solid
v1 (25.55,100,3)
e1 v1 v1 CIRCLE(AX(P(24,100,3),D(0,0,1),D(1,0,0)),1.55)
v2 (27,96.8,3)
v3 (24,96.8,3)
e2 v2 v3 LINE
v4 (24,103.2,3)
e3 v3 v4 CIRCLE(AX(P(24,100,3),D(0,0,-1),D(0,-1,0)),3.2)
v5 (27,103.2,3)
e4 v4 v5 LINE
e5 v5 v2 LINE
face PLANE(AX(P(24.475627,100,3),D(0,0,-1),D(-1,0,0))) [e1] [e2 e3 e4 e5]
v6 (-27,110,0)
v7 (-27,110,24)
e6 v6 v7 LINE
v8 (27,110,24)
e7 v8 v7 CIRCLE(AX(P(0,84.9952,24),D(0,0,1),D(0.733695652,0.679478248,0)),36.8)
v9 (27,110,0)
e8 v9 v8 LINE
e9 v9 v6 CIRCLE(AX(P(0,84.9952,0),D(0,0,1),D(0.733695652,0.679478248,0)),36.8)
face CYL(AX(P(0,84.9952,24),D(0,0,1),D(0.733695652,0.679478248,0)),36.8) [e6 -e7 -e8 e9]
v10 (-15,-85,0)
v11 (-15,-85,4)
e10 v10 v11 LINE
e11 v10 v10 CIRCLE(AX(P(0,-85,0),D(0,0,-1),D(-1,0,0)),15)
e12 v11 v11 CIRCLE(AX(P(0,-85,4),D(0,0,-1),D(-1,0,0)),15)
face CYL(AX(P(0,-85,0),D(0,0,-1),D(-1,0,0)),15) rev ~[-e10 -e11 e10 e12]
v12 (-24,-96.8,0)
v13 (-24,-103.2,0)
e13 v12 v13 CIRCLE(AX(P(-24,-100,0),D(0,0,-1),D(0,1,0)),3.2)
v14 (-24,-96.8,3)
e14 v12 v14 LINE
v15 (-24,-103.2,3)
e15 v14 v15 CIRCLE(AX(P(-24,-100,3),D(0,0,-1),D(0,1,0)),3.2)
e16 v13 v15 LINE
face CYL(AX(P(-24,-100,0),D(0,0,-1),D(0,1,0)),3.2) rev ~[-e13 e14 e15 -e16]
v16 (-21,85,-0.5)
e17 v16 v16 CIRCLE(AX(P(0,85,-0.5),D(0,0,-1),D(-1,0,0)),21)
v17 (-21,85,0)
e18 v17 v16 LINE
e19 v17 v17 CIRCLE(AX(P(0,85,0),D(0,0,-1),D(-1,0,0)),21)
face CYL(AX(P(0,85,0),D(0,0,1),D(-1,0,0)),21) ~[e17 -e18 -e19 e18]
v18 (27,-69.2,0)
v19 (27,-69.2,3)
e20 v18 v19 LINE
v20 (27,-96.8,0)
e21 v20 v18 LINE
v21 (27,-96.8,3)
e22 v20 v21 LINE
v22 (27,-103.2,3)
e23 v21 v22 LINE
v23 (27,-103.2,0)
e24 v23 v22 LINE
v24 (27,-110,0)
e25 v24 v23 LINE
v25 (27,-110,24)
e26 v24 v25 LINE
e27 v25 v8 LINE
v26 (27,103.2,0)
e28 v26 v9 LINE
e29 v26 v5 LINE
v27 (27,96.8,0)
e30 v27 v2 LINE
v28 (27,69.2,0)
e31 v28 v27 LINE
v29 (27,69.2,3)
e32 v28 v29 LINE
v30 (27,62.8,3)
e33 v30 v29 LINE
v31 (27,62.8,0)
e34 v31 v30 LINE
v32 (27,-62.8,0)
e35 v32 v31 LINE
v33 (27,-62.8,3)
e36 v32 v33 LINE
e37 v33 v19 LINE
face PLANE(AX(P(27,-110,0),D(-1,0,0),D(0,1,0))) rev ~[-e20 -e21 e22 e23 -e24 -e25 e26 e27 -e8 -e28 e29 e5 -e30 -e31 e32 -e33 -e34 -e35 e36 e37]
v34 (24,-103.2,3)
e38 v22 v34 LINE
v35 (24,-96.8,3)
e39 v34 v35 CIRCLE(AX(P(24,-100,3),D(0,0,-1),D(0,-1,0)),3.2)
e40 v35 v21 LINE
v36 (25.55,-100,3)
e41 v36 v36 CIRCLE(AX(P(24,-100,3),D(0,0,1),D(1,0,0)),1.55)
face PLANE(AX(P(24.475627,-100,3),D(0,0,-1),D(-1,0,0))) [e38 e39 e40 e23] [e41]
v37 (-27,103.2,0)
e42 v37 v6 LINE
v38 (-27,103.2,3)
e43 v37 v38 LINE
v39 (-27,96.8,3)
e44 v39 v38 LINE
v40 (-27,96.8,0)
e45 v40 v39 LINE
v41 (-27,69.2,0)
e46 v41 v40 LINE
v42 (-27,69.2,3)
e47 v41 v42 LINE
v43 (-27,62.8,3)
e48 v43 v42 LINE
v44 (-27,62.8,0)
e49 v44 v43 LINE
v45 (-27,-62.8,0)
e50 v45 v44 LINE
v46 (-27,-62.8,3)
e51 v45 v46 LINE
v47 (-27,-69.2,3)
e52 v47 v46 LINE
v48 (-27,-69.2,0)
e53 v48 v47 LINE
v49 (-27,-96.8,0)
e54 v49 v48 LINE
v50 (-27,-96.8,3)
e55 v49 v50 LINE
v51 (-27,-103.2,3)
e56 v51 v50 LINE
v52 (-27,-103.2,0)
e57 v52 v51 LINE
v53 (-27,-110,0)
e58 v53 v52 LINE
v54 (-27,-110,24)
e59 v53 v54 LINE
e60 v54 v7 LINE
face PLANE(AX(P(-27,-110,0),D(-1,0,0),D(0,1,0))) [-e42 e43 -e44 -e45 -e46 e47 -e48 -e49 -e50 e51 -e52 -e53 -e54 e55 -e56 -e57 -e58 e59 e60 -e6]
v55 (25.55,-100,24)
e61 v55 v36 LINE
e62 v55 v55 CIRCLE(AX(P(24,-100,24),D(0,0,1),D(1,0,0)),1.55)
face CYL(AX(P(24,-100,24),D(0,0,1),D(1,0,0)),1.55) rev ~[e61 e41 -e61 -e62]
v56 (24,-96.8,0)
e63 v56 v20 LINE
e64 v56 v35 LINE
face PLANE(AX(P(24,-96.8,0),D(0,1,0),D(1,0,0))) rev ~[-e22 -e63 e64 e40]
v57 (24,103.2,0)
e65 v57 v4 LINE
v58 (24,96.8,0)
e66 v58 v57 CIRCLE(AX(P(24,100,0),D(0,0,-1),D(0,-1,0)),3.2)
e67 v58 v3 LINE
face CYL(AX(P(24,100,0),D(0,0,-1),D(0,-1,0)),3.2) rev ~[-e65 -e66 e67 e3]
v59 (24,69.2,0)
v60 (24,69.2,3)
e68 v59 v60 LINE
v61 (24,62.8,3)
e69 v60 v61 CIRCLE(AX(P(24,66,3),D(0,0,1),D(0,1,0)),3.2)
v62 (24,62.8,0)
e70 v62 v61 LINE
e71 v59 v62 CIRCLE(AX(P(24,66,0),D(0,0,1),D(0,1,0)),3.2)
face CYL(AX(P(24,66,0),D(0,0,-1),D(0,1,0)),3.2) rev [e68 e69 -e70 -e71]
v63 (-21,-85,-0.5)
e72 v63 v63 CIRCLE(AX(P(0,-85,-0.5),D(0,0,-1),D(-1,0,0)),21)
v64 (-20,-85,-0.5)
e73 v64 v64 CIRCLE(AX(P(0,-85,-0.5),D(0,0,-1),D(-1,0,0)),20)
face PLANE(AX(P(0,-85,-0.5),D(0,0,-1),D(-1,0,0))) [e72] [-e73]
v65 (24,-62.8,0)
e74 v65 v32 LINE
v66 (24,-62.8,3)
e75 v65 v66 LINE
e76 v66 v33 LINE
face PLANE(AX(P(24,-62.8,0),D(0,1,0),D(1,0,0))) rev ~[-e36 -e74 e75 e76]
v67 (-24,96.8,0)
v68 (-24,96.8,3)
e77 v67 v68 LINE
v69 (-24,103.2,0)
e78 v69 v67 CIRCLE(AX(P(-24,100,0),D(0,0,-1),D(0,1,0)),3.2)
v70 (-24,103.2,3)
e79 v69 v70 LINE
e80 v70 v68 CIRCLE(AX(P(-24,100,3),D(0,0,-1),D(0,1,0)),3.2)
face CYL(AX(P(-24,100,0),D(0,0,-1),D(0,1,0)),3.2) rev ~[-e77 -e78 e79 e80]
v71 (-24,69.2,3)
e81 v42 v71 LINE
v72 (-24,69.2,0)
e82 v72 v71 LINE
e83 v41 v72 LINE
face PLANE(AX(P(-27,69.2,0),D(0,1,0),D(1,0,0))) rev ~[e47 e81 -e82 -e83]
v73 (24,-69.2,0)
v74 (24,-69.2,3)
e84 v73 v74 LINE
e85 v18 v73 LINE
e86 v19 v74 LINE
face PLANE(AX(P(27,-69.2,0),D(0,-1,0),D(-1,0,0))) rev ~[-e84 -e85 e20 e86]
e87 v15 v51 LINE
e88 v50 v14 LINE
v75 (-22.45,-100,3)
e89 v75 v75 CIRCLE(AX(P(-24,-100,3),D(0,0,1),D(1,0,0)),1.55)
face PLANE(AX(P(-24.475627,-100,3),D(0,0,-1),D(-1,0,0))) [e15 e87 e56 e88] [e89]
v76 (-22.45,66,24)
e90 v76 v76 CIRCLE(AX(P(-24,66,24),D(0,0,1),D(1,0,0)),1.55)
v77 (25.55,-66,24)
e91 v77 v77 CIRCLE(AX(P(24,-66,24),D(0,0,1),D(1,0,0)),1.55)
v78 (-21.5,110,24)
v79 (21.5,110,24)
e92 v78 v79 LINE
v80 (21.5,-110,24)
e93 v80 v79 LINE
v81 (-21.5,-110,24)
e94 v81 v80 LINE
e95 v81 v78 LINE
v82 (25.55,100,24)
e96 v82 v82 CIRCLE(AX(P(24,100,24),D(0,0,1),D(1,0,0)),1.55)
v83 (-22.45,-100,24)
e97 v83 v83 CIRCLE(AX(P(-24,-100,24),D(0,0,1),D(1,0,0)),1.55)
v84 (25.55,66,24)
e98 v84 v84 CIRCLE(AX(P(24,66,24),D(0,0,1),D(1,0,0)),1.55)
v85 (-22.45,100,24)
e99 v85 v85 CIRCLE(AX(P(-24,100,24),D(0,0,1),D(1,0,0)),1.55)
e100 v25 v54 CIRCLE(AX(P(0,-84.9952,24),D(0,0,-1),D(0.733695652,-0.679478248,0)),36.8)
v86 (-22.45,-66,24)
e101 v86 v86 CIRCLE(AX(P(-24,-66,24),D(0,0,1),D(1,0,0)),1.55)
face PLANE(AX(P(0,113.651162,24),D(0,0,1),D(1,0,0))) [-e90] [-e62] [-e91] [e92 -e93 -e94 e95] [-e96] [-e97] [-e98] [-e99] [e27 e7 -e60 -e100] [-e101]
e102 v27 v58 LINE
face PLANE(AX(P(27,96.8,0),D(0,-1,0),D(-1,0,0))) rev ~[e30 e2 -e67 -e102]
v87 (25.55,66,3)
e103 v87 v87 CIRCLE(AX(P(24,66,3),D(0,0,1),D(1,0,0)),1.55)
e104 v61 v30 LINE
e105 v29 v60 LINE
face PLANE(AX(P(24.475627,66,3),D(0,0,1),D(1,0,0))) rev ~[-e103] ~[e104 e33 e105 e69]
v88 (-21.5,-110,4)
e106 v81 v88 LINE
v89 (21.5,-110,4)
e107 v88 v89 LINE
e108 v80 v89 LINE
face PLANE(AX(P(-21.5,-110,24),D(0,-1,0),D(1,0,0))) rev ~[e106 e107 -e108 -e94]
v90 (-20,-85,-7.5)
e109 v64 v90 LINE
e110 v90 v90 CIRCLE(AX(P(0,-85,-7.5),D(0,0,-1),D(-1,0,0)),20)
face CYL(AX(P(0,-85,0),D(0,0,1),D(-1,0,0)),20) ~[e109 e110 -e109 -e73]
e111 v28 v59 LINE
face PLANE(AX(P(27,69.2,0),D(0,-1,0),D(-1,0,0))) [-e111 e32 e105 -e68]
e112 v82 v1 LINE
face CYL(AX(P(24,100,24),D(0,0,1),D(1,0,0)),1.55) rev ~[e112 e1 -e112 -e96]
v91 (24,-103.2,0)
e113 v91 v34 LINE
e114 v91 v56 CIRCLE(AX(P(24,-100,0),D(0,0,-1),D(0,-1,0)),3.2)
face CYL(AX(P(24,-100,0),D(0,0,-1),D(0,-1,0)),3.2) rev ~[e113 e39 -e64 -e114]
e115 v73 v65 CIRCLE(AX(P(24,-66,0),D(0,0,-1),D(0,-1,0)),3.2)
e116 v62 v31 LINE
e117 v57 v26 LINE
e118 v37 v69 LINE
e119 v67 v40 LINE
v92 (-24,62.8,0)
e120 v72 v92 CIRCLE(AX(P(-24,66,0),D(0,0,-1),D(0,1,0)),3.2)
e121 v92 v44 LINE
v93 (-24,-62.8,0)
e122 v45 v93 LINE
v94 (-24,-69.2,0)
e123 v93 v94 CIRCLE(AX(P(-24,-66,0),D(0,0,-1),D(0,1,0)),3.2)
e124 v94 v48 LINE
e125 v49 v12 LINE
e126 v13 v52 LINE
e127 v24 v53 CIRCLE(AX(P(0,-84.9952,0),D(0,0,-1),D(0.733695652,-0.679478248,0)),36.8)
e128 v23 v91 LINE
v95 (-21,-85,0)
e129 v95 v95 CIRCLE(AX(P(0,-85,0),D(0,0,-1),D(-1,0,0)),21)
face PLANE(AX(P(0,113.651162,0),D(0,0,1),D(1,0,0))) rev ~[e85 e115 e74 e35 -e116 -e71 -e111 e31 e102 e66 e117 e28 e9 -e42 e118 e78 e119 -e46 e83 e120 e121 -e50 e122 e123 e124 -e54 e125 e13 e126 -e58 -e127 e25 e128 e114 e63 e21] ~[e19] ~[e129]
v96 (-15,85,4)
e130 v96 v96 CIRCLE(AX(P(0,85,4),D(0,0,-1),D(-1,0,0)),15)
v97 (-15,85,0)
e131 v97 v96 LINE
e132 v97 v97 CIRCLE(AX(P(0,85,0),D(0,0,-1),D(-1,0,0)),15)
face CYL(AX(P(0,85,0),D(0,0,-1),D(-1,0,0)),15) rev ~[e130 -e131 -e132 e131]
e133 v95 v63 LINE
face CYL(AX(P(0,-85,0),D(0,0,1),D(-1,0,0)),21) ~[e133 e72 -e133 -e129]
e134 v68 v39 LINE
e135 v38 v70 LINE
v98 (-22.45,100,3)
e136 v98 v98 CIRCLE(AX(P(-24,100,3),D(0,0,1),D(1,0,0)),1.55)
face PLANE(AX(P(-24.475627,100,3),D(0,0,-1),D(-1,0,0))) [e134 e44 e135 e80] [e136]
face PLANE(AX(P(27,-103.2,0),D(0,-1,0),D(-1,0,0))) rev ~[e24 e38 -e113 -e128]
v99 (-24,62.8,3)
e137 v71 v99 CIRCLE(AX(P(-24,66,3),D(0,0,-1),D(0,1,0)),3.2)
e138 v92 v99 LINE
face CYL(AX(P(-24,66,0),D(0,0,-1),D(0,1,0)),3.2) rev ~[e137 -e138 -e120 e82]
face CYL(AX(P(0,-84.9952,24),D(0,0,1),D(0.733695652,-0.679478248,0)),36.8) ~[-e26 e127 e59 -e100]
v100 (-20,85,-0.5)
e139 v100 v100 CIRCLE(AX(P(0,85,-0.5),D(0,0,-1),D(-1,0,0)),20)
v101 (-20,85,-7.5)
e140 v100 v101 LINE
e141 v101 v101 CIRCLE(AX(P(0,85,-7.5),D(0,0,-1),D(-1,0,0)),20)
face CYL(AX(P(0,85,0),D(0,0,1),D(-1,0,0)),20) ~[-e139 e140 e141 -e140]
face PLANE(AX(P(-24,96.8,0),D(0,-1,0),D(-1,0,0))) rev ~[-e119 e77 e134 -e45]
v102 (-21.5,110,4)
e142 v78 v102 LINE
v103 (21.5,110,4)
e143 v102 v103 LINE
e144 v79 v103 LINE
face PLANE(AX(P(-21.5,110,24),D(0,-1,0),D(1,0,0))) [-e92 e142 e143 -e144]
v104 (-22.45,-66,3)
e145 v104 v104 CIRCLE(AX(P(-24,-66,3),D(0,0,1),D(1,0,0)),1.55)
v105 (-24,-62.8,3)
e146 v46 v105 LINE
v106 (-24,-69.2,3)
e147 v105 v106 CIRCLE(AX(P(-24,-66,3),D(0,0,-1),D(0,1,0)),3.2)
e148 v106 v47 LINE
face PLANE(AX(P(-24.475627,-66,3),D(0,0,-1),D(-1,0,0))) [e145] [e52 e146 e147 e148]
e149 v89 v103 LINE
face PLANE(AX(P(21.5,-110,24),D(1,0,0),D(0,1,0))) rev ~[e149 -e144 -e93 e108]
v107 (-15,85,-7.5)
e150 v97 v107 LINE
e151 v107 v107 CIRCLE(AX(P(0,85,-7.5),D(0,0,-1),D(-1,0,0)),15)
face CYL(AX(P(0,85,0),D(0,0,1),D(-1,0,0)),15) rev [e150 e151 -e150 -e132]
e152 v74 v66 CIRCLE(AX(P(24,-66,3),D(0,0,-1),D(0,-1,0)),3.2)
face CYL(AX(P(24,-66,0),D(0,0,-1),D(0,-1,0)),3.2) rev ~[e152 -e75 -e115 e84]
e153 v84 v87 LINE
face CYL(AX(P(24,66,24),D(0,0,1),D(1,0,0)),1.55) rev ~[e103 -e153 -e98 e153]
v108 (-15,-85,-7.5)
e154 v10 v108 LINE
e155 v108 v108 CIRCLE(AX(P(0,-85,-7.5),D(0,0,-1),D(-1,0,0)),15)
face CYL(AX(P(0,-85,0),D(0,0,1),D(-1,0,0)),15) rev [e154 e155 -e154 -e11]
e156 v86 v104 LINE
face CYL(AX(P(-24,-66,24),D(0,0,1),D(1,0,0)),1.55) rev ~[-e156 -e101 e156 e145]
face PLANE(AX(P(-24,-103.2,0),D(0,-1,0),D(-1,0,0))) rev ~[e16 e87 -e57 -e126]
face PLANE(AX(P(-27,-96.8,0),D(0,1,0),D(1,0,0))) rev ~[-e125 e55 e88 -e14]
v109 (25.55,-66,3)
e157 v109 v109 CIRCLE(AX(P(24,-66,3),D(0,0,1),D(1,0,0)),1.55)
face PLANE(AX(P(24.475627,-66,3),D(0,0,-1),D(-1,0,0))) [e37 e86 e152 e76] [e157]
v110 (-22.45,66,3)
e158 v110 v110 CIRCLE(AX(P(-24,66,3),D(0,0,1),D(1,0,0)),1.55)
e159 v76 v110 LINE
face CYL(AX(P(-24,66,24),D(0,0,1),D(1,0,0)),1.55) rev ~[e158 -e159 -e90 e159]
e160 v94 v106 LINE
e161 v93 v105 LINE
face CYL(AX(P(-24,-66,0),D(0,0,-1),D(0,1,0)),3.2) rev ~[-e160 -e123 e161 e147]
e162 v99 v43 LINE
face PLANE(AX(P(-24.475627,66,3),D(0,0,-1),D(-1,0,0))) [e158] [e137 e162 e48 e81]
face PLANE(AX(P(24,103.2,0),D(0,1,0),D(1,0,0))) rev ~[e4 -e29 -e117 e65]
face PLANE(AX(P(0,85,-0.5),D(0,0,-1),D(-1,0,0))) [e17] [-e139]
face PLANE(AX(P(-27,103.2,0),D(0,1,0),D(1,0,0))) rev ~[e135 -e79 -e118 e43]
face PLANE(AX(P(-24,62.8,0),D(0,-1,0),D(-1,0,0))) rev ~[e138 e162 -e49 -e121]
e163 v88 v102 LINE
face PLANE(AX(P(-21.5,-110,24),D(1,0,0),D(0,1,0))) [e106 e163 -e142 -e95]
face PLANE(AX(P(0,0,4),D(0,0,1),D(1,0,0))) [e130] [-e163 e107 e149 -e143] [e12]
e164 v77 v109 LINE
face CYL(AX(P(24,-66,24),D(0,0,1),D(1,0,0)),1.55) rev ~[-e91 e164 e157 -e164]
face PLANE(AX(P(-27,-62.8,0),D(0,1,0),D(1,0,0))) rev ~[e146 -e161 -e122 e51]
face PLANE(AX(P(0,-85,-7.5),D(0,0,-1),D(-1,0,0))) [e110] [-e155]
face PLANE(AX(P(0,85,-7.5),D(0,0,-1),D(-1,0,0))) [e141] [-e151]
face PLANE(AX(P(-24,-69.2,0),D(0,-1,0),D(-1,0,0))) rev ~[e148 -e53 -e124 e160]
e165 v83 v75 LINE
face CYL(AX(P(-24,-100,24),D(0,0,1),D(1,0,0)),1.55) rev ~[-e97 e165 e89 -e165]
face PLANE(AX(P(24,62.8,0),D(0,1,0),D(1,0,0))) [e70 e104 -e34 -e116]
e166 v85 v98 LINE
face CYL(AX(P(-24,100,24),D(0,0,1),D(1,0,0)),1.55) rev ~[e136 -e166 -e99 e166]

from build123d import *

# Parameters (mm, degrees)
SKETCH_1_W          = 54
SKETCH_1_H          = 220
EXTRUDE_1_DEPTH     = 24
SKETCH_2_R          = 1.55
CUT_EXTRUDE_1_DEPTH = 25
EXTRUDE_2_DEPTH     = 24
SKETCH_5_W          = 43
SKETCH_5_H          = 220
CUT_EXTRUDE_3_DEPTH = 20
CUT_EXTRUDE_4_DEPTH = 3
SKETCH_7_R          = 15
CUT_EXTRUDE_5_DEPTH = 25
SKETCH_11_R         = 20
SKETCH_11_R_2       = 15
EXTRUDE_3_DEPTH     = 7.5
SKETCH_12_R         = 21
SKETCH_12_R_2       = 20
EXTRUDE_4_DEPTH     = 0.5


with BuildPart() as part:
    # 草图1 → 凸台-拉伸1 (new body)
    with BuildSketch(Plane.XY):
        Rectangle(SKETCH_1_W, SKETCH_1_H)
    extrude(amount=EXTRUDE_1_DEPTH)

    # 草图2 → 切除-拉伸1 (cut, through all)
    with BuildSketch(Plane.XY.offset(24)):
        with Locations((-24, 100)):
            Circle(SKETCH_2_R)
        with Locations((24, 100)):
            Circle(SKETCH_2_R)
        with Locations((24, 66)):
            Circle(SKETCH_2_R)
        with Locations((-24, 66)):
            Circle(SKETCH_2_R)
        with Locations((24, -100)):
            Circle(SKETCH_2_R)
        with Locations((24, -66)):
            Circle(SKETCH_2_R)
        with Locations((-24, -66)):
            Circle(SKETCH_2_R)
        with Locations((-24, -100)):
            Circle(SKETCH_2_R)
    extrude(amount=-CUT_EXTRUDE_1_DEPTH, mode=Mode.SUBTRACT)

    # 草图3 → 凸台-拉伸2 (add)
    with BuildSketch(Plane.XY.offset(24)):
        with BuildLine():
            Line((-27, 110), (27, 110))
            ThreePointArc((27, 110), (0, 121.795200461), (-27, 110))
        make_face()
        with BuildLine():
            Line((-27, -110), (27, -110))
            ThreePointArc((27, -110), (0, -121.795200461), (-27, -110))
        make_face()
    extrude(amount=-EXTRUDE_2_DEPTH)

    # 草图5 → 切除-拉伸3 (cut)
    with BuildSketch(Plane.XY.offset(24)):
        Rectangle(SKETCH_5_W, SKETCH_5_H)
    extrude(amount=-CUT_EXTRUDE_3_DEPTH, mode=Mode.SUBTRACT)

    # 草图6 → 切除-拉伸4 (cut)
    with BuildSketch(Plane(origin=(0, 0, 0), x_dir=(-1, 0, 0), z_dir=(0, 0, -1))):
        with BuildLine():
            Line((-27, 69.2), (-24, 69.2))
            ThreePointArc((-24, 69.2), (-20.8, 66), (-24, 62.8))
            Line((-24, 62.8), (-27, 62.8))
            Line((-27, 62.8), (-27, 69.2))
        make_face()
        with BuildLine():
            Line((-27, 103.2), (-27, 96.8))
            Line((-27, 96.8), (-24, 96.8))
            ThreePointArc((-24, 96.8), (-20.8, 100), (-24, 103.2))
            Line((-24, 103.2), (-27, 103.2))
        make_face()
        with BuildLine():
            Line((27, 69.2), (24, 69.2))
            ThreePointArc((24, 69.2), (20.8, 66), (24, 62.8))
            Line((24, 62.8), (27, 62.8))
            Line((27, 62.8), (27, 69.2))
        make_face()
        with BuildLine():
            Line((27, 103.2), (24, 103.2))
            ThreePointArc((24, 103.2), (20.8, 100), (24, 96.8))
            Line((24, 96.8), (27, 96.8))
            Line((27, 96.8), (27, 103.2))
        make_face()
        with BuildLine():
            Line((27, -69.2), (27, -62.8))
            Line((27, -62.8), (24, -62.8))
            ThreePointArc((24, -62.8), (20.8, -66), (24, -69.2))
            Line((24, -69.2), (27, -69.2))
        make_face()
        with BuildLine():
            Line((27, -103.2), (27, -96.8))
            Line((27, -96.8), (24, -96.8))
            ThreePointArc((24, -96.8), (20.8, -100), (24, -103.2))
            Line((24, -103.2), (27, -103.2))
        make_face()
        with BuildLine():
            Line((-27, -103.2), (-24, -103.2))
            ThreePointArc((-24, -103.2), (-20.8, -100), (-24, -96.8))
            Line((-24, -96.8), (-27, -96.8))
            Line((-27, -96.8), (-27, -103.2))
        make_face()
        with BuildLine():
            Line((-27, -69.2), (-24, -69.2))
            ThreePointArc((-24, -69.2), (-20.8, -66), (-24, -62.8))
            Line((-24, -62.8), (-27, -62.8))
            Line((-27, -62.8), (-27, -69.2))
        make_face()
    extrude(amount=-CUT_EXTRUDE_4_DEPTH, mode=Mode.SUBTRACT)

    # 草图7 → 切除-拉伸5 (cut, through all)
    with BuildSketch(Plane(origin=(0, 0, 0), x_dir=(-1, 0, 0), z_dir=(0, 0, -1))):
        with Locations((0, 85)):
            Circle(SKETCH_7_R)
        with Locations((0, -85)):
            Circle(SKETCH_7_R)
    extrude(amount=-CUT_EXTRUDE_5_DEPTH, mode=Mode.SUBTRACT)

    # 草图11 → 凸台-拉伸3 (add)
    with BuildSketch(Plane(origin=(0, 0, 0), x_dir=(-1, 0, 0), z_dir=(0, 0, -1))):
        with Locations((0, 85)):
            Circle(SKETCH_11_R)
        with Locations((0, 85)):
            Circle(SKETCH_11_R_2, mode=Mode.SUBTRACT)
        with Locations((0, -85)):
            Circle(SKETCH_11_R)
        with Locations((0, -85)):
            Circle(SKETCH_11_R_2, mode=Mode.SUBTRACT)
    extrude(amount=EXTRUDE_3_DEPTH)

    # 草图12 → 凸台-拉伸4 (add)
    with BuildSketch(Plane(origin=(0, 0, 0), x_dir=(-1, 0, 0), z_dir=(0, 0, -1))):
        with Locations((0, 85)):
            Circle(SKETCH_12_R)
        with Locations((0, 85)):
            Circle(SKETCH_12_R_2, mode=Mode.SUBTRACT)
        with Locations((0, -85)):
            Circle(SKETCH_12_R)
        with Locations((0, -85)):
            Circle(SKETCH_12_R_2, mode=Mode.SUBTRACT)
    extrude(amount=EXTRUDE_4_DEPTH)


solid = part.part
